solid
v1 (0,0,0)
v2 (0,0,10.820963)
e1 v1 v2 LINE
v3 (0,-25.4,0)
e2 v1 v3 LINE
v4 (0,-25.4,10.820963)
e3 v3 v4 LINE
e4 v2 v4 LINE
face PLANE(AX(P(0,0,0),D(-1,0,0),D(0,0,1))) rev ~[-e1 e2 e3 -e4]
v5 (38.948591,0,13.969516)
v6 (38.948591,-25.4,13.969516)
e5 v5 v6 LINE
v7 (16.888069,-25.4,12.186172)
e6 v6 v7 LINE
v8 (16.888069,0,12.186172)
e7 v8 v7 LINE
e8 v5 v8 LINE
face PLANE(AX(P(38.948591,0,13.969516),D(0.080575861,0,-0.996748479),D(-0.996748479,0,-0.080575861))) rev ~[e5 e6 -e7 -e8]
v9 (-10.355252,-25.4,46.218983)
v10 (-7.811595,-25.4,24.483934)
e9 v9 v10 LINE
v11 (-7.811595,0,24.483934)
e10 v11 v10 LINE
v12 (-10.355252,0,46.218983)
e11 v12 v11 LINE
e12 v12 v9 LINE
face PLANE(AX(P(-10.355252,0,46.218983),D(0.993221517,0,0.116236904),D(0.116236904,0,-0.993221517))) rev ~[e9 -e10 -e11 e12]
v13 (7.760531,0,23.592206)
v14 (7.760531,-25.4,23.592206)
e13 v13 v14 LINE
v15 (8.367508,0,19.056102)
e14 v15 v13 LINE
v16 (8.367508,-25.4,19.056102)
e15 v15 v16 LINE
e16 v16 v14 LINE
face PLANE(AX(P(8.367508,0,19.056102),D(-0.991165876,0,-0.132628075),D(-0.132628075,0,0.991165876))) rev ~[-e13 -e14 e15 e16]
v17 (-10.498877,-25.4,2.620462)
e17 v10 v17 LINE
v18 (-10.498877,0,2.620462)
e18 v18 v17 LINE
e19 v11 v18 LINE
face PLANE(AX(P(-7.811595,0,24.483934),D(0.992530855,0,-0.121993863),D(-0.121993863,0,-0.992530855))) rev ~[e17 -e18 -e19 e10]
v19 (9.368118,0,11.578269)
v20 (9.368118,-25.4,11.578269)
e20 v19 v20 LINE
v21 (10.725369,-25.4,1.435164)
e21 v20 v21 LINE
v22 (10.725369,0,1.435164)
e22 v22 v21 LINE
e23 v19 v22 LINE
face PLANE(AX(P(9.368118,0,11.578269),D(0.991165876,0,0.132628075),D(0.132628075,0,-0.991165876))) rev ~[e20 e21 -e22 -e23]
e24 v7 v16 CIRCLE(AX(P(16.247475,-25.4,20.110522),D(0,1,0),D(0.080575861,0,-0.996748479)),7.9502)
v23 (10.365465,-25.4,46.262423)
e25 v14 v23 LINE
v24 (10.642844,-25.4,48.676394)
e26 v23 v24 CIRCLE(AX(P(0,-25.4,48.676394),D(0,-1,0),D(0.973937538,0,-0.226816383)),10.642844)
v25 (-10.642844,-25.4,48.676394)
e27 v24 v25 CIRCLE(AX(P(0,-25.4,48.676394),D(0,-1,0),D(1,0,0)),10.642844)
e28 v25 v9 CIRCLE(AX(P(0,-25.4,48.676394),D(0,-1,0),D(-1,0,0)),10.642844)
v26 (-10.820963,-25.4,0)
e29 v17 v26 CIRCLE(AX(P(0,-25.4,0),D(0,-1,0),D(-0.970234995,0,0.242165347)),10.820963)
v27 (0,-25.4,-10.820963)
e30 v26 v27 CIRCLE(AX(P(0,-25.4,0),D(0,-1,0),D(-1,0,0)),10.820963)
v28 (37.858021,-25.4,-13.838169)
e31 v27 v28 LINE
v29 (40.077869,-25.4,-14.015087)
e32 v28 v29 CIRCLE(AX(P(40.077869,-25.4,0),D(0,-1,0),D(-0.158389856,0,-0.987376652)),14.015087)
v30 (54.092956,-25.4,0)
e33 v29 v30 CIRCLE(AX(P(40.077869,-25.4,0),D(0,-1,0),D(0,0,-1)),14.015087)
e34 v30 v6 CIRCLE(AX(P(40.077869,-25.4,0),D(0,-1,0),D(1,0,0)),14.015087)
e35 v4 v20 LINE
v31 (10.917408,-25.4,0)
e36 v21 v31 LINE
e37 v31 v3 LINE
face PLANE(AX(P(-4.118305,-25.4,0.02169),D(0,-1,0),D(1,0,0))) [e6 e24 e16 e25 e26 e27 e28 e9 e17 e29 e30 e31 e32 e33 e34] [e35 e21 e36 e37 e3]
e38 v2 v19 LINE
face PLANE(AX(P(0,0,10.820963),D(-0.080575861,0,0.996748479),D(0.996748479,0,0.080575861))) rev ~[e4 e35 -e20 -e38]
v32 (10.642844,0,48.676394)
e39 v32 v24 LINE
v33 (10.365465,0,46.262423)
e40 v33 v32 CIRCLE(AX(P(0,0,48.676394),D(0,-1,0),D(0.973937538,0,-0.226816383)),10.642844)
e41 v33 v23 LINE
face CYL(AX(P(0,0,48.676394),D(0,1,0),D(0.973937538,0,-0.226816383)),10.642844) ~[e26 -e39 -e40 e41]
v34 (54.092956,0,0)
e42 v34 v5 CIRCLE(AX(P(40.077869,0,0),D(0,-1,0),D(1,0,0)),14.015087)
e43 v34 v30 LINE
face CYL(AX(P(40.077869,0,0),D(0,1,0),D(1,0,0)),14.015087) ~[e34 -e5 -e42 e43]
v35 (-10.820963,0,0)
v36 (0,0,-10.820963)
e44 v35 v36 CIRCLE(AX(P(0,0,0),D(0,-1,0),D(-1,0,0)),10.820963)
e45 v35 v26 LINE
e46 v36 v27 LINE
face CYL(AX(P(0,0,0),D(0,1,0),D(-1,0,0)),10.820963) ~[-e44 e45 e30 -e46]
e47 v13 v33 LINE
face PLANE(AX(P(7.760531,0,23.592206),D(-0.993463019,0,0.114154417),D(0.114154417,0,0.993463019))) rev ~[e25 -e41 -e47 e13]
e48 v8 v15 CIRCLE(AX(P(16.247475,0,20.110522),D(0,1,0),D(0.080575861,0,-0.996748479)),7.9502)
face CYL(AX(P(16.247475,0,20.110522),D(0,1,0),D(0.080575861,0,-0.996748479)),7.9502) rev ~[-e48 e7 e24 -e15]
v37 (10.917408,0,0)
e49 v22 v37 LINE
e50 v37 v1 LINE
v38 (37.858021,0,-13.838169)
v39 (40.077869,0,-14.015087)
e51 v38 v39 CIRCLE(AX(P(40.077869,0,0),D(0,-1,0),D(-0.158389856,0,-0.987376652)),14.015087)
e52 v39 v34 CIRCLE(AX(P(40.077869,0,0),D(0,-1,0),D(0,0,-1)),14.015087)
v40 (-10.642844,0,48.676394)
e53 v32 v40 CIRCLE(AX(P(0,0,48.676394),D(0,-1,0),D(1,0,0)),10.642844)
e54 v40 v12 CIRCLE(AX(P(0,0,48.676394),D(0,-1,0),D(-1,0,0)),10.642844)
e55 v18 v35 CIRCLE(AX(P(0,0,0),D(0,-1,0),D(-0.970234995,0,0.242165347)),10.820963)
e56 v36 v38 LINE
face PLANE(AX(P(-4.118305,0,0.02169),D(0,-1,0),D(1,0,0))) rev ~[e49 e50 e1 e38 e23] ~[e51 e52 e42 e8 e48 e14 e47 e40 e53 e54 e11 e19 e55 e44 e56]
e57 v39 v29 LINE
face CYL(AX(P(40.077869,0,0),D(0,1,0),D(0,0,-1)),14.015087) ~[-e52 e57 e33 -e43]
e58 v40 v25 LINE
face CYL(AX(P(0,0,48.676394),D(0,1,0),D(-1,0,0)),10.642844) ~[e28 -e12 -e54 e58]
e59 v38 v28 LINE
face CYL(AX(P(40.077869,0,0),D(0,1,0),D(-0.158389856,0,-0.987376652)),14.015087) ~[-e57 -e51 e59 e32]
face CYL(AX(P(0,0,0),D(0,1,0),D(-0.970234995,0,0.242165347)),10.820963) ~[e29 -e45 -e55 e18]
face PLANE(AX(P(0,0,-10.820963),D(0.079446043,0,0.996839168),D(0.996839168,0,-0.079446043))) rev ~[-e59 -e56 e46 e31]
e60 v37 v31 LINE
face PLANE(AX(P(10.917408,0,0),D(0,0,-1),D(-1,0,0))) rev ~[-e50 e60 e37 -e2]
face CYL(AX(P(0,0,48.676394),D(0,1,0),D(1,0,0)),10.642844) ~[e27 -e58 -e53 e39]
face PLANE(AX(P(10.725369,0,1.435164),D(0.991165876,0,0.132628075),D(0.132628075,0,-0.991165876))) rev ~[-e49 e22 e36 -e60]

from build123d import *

# Parameters (mm, degrees)
F1_DEPTH = 25.4


with BuildPart() as f1:
    # F0 (on Front) → F1 (new body)
    with BuildSketch(Plane.XZ):
        with BuildLine():
            Line((-10.4988765812, 2.6204621581), (-10.8209625906, 0))
            ThreePointArc((-10.8209625906, 0), (-7.6515760268, -7.6515760268), (0, -10.8209625906))
            Line((0, -10.8209625906), (0, 0))
            Line((0, 0), (0, 10.8209625906))
            ThreePointArc((0, 10.8209625906), (-6.6609799732, 8.5278706126), (-10.4988765812, 2.6204621581))
        make_face()
        with BuildLine():
            ThreePointArc((-10.4988765812, 2.6204621581), (-10.7401392476, 1.3200910309), (-10.8209625906, 0))
            Line((-10.8209625906, 0), (-10.4988765812, 2.6204621581))
        make_face()
        with BuildLine():
            Line((0, 0), (0, -10.8209625906))
            ThreePointArc((0, -10.8209625906), (7.6515760268, -7.6515760268), (10.8209625906, 0))
            Line((10.8209625906, 0), (0, 0))
        make_face()
        with BuildLine():
            ThreePointArc((10.8209625906, 0), (7.6515760268, -7.6515760268), (0, -10.8209625906))
            Line((0, -10.8209625906), (37.8580212766, -13.8381694774))
            ThreePointArc((37.8580212766, -13.8381694774), (29.4117070718, -9.0915153121), (26.0627820591, 0))
            Line((26.0627820591, 0), (10.9174083296, 0))
            Line((10.9174083296, 0), (10.8209625906, 0))
        make_face()
        with BuildLine():
            Line((-7.8115954876, 24.4839340448), (-10.4988765812, 2.6204621581))
            ThreePointArc((-10.4988765812, 2.6204621581), (-6.6609799732, 8.5278706126), (0, 10.8209625906))
            Line((0, 10.8209625906), (0, 16.6723385572))
            ThreePointArc((0, 16.6723385572), (-5.5236321412, 18.9603019037), (-7.8115954876, 24.4839340448))
        make_face()
        with BuildLine():
            Line((40.077868849, -14.0150867899), (37.8580212766, -13.8381694774))
            ThreePointArc((37.8580212766, -13.8381694774), (38.9644256556, -13.9707874504), (40.077868849, -14.0150867899))
        make_face()
        with BuildLine():
            ThreePointArc((26.0627820591, 0), (29.4117070718, -9.0915153121), (37.8580212766, -13.8381694774))
            Line((37.8580212766, -13.8381694774), (40.077868849, -14.0150867899))
            ThreePointArc((40.077868849, -14.0150867899), (49.9880317571, -9.9101629081), (54.092955639, 0))
            ThreePointArc((54.092955639, 0), (49.5803877922, 10.3016887676), (38.948591133, 13.9695164401))
            ThreePointArc((38.948591133, 13.9695164401), (29.7761800814, 9.5025189431), (26.0627820591, 0))
        make_face()
        with BuildLine():
            Line((0, 16.6723385572), (0, 10.8209625906))
            Line((0, 10.8209625906), (9.3681181571, 11.5782691742))
            Line((9.3681181571, 11.5782691742), (8.3675080248, 19.0561023494))
            Line((8.3675080248, 19.0561023494), (7.7605312326, 23.5922059193))
            ThreePointArc((7.7605312326, 23.5922059193), (5.1988077797, 18.6535462591), (0, 16.6723385572))
        make_face()
        with BuildLine():
            Line((-10.3552523985, 46.2189827156), (-7.8115954876, 24.4839340448))
            ThreePointArc((-7.8115954876, 24.4839340448), (-5.5236321412, 30.007566186), (0, 32.2955295325))
            Line((0, 32.2955295325), (0, 38.0335502227))
            ThreePointArc((0, 38.0335502227), (-6.5998590389, 40.3270237246), (-10.3552523985, 46.2189827156))
        make_face()
        with BuildLine():
            ThreePointArc((0, 32.2955295325), (-5.5236321412, 30.007566186), (-7.8115954876, 24.4839340448))
            ThreePointArc((-7.8115954876, 24.4839340448), (-5.5236321412, 18.9603019037), (0, 16.6723385572))
            Line((0, 16.6723385572), (0, 24.4839340448))
            Line((0, 24.4839340448), (0, 32.2955295325))
        make_face()
        with BuildLine():
            Line((9.3681181571, 11.5782691742), (10.7253688405, 1.4351636228))
            Line((10.7253688405, 1.4351636228), (10.9174083296, 0))
            Line((10.9174083296, 0), (26.0627820591, 0))
            ThreePointArc((26.0627820591, 0), (29.7761800814, 9.5025189431), (38.948591133, 13.9695164401))
            Line((38.948591133, 13.9695164401), (16.8880691814, 12.1861723116))
            Line((16.8880691814, 12.1861723116), (9.3681181571, 11.5782691742))
        make_face()
        with BuildLine():
            Line((0, 24.4839340448), (0, 16.6723385572))
            ThreePointArc((0, 16.6723385572), (5.1988077797, 18.6535462591), (7.7605312326, 23.5922059193))
            ThreePointArc((7.7605312326, 23.5922059193), (7.7988189754, 24.0373395397), (7.8115954876, 24.4839340448))
            ThreePointArc((7.8115954876, 24.4839340448), (5.5236321412, 30.007566186), (0, 32.2955295325))
            Line((0, 32.2955295325), (0, 24.4839340448))
        make_face()
        with BuildLine():
            Line((8.3675080248, 19.0561023494), (9.3681181571, 11.5782691742))
            Line((9.3681181571, 11.5782691742), (16.8880691814, 12.1861723116))
            ThreePointArc((16.8880691814, 12.1861723116), (11.2573733608, 13.9214538086), (8.3675080248, 19.0561023494))
        make_face()
        with BuildLine():
            Line((0, 38.0335502227), (0, 32.2955295325))
            ThreePointArc((0, 32.2955295325), (5.5236321412, 30.007566186), (7.8115954876, 24.4839340448))
            ThreePointArc((7.8115954876, 24.4839340448), (7.7988189754, 24.0373395397), (7.7605312326, 23.5922059193))
            Line((7.7605312326, 23.5922059193), (10.3654649975, 46.2624226171))
            ThreePointArc((10.3654649975, 46.2624226171), (6.6173485154, 40.3408783019), (0, 38.0335502227))
        make_face()
        with BuildLine():
            Line((-10.6428437034, 48.6763939261), (-10.3552523985, 46.2189827156))
            ThreePointArc((-10.3552523985, 46.2189827156), (-6.5998590389, 40.3270237246), (0, 38.0335502227))
            ThreePointArc((0, 38.0335502227), (6.6173485154, 40.3408783019), (10.3654649975, 46.2624226171))
            Line((10.3654649975, 46.2624226171), (10.6428437034, 48.6763939261))
            ThreePointArc((10.6428437034, 48.6763939261), (0, 59.3192376296), (-10.6428437034, 48.6763939261))
        make_face()
        with BuildLine():
            ThreePointArc((-10.6428437034, 48.6763939261), (-10.5707013694, 47.4393027193), (-10.3552523985, 46.2189827156))
            Line((-10.3552523985, 46.2189827156), (-10.6428437034, 48.6763939261))
        make_face()
        with BuildLine():
            Line((10.6428437034, 48.6763939261), (10.3654649975, 46.2624226171))
            ThreePointArc((10.3654649975, 46.2624226171), (10.5732716313, 47.4614663123), (10.6428437034, 48.6763939261))
        make_face()
    extrude(amount=F1_DEPTH)


solid = f1.part
